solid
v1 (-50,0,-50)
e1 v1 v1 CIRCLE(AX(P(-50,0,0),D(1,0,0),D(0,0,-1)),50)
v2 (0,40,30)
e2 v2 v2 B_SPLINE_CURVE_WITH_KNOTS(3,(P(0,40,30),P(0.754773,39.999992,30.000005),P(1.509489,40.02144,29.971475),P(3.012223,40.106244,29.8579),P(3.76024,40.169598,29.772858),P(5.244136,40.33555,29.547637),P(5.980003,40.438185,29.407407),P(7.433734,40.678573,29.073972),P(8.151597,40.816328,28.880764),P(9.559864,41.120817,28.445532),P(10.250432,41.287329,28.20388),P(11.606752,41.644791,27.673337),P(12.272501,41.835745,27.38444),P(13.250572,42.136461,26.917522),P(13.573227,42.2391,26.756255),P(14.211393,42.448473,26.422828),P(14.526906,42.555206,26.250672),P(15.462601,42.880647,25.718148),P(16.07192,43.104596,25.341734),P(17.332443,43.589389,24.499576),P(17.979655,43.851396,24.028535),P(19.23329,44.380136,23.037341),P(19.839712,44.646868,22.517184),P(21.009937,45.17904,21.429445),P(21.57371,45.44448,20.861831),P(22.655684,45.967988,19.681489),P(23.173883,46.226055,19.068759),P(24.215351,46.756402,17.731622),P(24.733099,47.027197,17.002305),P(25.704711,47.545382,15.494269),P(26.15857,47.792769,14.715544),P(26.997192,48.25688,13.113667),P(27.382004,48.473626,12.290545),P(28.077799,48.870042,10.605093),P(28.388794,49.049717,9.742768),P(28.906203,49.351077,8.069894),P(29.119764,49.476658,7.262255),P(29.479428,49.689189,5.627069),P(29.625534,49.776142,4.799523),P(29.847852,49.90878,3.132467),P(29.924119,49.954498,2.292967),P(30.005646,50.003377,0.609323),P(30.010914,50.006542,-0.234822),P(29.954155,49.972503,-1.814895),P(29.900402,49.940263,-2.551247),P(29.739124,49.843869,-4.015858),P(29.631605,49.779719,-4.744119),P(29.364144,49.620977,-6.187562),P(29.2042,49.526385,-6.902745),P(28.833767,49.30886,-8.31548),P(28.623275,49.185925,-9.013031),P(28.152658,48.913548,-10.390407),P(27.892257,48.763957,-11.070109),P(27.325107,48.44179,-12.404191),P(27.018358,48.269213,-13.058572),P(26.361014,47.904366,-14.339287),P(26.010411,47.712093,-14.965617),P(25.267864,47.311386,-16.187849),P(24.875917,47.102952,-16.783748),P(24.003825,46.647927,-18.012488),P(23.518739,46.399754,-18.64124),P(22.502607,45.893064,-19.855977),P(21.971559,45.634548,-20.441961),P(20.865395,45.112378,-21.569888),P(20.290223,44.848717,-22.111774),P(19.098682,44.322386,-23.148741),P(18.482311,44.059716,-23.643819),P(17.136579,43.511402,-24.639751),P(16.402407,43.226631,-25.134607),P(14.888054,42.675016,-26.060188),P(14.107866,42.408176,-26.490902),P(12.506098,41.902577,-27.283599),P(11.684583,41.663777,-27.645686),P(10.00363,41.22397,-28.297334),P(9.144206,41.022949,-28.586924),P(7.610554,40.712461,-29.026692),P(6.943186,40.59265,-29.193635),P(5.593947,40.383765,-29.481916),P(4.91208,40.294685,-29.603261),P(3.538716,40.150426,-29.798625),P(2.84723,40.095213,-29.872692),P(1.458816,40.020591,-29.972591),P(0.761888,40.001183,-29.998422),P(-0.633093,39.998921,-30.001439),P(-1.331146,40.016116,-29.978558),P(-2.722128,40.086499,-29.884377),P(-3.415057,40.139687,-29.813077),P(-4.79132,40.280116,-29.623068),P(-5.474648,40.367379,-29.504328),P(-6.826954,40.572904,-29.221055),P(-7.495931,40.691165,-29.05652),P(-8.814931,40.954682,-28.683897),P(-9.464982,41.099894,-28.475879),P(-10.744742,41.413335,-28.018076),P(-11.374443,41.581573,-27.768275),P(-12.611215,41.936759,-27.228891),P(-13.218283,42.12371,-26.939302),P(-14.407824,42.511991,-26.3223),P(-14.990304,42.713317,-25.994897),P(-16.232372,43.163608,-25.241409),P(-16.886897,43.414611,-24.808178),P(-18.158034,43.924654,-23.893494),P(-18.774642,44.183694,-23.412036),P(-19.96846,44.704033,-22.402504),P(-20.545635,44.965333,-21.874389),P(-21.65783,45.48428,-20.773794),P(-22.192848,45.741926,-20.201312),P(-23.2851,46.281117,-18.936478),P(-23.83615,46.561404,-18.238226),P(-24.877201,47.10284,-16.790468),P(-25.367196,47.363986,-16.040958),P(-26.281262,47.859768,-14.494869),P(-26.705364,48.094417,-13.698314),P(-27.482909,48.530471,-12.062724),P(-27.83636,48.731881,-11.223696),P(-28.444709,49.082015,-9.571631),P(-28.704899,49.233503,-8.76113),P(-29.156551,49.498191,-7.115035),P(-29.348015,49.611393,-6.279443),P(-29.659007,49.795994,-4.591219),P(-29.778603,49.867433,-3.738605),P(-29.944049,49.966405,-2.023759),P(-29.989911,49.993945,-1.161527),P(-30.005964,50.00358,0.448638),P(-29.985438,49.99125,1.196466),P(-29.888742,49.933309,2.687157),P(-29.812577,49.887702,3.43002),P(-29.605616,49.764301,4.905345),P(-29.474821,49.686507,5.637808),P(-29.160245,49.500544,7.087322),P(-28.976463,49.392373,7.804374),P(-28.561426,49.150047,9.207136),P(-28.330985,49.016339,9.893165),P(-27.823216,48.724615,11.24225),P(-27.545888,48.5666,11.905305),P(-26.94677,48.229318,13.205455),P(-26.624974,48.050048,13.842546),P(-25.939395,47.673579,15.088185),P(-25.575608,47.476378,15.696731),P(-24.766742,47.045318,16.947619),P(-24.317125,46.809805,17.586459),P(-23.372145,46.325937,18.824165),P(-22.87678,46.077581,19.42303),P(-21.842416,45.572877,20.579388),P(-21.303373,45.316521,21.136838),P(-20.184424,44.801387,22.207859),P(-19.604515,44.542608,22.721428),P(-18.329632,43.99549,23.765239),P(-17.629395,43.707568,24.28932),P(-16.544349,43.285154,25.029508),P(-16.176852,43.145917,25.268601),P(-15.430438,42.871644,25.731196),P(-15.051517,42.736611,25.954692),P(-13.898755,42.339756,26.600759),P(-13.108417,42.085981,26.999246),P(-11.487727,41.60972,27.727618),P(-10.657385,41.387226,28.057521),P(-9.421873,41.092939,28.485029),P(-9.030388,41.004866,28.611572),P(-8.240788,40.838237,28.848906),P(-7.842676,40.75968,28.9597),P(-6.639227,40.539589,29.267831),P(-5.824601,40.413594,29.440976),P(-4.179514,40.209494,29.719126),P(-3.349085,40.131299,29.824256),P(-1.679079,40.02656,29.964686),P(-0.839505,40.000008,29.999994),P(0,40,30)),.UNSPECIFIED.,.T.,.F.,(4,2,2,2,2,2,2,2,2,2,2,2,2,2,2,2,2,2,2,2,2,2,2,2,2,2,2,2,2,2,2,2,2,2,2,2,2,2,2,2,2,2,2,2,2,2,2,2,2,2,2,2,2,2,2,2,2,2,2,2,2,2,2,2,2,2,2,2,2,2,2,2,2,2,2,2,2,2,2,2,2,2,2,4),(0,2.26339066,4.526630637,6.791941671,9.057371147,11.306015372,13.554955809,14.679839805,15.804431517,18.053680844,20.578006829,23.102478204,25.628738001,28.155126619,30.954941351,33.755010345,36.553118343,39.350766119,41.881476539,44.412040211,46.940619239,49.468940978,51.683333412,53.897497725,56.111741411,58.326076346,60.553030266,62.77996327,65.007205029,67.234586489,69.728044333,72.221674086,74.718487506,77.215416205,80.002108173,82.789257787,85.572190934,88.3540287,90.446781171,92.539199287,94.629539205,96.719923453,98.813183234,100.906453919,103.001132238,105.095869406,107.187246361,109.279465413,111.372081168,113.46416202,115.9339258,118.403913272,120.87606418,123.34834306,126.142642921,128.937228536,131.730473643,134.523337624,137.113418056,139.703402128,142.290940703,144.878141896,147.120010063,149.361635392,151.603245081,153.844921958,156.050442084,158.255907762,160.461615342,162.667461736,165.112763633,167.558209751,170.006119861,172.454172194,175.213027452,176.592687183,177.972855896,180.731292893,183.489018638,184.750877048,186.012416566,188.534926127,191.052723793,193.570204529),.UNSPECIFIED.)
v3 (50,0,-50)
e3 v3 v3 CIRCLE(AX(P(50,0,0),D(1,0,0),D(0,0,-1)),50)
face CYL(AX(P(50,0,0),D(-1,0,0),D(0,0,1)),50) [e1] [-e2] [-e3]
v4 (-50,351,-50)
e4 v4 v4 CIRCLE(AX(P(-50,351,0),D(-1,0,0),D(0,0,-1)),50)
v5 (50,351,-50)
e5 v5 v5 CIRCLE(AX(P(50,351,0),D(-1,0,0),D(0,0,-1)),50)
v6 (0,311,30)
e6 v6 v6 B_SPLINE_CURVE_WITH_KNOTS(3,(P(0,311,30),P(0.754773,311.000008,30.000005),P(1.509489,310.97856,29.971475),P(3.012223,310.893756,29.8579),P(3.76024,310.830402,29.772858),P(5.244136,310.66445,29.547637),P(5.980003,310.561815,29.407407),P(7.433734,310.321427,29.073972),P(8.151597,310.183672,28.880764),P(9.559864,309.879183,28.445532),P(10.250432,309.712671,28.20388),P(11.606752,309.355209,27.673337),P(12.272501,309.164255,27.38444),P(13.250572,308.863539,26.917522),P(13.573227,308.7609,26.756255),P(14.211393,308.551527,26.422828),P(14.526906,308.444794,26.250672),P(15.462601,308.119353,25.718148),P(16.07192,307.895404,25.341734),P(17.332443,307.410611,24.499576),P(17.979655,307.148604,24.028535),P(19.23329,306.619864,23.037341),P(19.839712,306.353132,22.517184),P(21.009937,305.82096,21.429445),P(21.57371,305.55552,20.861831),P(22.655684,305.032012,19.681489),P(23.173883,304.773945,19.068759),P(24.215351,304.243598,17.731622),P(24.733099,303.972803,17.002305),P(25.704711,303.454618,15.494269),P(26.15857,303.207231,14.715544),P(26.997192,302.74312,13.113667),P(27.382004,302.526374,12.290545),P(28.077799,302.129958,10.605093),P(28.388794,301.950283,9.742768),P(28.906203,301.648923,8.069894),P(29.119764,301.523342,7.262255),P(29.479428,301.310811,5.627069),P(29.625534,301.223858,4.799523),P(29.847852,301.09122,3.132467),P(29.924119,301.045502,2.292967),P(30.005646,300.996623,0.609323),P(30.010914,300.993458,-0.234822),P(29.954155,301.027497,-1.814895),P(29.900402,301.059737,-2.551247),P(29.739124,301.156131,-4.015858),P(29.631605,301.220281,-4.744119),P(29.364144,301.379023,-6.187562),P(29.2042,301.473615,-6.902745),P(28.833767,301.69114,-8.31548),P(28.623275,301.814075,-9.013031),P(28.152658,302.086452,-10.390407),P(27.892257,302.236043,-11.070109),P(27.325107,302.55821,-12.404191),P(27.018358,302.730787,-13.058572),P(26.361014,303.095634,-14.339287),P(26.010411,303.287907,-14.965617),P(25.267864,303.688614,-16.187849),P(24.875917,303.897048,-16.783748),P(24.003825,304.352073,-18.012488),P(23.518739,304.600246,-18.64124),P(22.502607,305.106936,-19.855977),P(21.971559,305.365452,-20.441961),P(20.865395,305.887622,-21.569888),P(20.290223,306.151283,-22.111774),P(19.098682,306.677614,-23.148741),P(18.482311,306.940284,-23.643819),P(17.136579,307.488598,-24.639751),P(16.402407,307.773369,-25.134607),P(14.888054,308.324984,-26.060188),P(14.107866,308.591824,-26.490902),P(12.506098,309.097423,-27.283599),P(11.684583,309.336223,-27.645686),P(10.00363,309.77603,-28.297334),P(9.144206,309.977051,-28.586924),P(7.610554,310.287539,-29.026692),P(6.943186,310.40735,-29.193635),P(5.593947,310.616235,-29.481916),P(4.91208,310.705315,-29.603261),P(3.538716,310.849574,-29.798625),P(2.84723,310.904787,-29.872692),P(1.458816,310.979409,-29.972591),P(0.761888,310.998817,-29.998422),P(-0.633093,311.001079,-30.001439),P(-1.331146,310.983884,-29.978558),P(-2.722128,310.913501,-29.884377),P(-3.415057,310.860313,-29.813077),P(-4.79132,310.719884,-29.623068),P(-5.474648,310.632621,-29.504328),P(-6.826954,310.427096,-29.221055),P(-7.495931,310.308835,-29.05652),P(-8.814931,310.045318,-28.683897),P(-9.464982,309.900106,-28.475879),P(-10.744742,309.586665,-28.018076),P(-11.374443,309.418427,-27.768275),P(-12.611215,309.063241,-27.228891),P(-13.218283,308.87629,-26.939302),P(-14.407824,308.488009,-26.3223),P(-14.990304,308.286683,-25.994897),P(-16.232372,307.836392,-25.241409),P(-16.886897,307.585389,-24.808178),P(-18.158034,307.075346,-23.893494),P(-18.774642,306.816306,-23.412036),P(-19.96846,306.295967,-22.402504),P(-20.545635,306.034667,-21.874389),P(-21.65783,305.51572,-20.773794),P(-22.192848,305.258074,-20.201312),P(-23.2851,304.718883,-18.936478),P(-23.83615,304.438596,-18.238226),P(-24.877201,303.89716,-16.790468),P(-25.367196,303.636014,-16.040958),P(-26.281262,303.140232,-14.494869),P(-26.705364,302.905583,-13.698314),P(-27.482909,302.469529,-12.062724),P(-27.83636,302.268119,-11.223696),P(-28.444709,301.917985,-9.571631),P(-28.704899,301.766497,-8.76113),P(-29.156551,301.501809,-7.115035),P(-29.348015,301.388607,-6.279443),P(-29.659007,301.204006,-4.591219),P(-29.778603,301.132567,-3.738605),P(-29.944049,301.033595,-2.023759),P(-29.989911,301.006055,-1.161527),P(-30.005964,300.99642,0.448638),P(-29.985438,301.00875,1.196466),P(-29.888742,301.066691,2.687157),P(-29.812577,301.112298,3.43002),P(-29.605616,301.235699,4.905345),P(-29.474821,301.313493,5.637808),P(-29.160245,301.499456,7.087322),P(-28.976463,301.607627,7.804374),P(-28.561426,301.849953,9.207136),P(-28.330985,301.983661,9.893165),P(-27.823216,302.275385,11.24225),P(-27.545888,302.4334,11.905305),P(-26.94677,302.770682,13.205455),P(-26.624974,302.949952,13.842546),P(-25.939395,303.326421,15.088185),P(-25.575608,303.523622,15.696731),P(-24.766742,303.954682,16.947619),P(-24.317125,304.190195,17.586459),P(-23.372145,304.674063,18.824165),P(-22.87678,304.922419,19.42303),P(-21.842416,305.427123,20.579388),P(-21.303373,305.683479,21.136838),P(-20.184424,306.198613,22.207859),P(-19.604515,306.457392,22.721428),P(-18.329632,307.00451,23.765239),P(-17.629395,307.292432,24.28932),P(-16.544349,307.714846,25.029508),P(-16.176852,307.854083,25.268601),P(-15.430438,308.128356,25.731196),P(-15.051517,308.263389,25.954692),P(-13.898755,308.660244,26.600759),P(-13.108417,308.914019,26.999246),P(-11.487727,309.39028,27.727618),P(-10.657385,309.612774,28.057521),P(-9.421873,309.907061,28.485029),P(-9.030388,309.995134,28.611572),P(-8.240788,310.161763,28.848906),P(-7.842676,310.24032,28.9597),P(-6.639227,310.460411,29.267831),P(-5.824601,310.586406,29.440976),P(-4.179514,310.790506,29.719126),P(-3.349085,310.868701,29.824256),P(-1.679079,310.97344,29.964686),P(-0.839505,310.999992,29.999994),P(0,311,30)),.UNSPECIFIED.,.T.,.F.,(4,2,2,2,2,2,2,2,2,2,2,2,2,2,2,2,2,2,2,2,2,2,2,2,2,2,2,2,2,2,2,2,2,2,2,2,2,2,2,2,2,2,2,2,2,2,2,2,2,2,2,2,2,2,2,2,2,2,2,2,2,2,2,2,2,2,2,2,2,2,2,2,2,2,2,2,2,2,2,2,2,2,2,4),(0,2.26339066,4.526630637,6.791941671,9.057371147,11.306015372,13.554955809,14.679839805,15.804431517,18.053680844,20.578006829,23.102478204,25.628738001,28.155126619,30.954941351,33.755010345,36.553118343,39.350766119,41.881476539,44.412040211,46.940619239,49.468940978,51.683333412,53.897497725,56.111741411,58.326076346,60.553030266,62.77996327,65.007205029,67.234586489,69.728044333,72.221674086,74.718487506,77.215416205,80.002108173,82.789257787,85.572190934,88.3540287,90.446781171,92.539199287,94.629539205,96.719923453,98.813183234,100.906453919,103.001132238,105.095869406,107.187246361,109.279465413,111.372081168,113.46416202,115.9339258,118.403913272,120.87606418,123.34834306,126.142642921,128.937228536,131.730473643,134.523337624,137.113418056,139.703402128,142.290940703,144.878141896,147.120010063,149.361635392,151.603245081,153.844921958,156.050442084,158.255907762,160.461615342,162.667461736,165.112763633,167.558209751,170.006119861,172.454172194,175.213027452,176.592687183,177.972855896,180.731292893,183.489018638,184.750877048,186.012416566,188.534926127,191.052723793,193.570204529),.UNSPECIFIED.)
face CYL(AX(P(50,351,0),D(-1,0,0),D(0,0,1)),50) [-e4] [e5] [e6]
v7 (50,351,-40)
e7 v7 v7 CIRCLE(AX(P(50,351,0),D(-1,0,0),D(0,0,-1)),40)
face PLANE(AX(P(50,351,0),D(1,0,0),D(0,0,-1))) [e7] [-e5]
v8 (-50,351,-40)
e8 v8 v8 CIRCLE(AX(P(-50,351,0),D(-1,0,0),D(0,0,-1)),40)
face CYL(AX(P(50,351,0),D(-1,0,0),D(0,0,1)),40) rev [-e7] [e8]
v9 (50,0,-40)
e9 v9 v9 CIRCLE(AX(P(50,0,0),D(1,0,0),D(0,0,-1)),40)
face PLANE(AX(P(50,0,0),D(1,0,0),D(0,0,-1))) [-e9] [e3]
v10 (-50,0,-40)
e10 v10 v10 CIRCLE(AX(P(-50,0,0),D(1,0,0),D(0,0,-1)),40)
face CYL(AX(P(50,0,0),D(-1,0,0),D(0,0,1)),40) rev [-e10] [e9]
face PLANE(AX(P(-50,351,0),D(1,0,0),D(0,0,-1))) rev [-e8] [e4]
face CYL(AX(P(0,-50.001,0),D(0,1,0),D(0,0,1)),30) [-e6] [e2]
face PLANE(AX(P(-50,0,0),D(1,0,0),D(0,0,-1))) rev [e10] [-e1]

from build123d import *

# Parameters (mm, degrees)
SKETCH_1_R           = 50
SKETCH_1_R_2         = 40
EXTRUDE_1_DEPTH      = 50
EXTRUDE_2_REACH      = 238.327
EXTRUDE_2_END_RADIUS = 50
SKETCH_2_R           = 30


with BuildPart() as part:
    # 草图1 → 凸台-拉伸1 (new, symmetric)
    with BuildSketch(Plane(origin=(0, 0, 0), x_dir=(0, 0, -1), z_dir=(1, 0, 0))):
        Circle(SKETCH_1_R)
        Circle(SKETCH_1_R_2, mode=Mode.SUBTRACT)
    extrude_1 = extrude(amount=EXTRUDE_1_DEPTH, both=True)

    # 凸台-拉伸2: up to this cylinder (the profile starts outside it)
    extrude_2_end = Plane(origin=(0, 0, 0), z_dir=(-1, 0, 0)) * Cylinder(EXTRUDE_2_END_RADIUS, 577.654, mode=Mode.PRIVATE)
    # 草图2 → 凸台-拉伸2 (add, up to the surface)
    with BuildSketch(Plane(origin=(0, 175.5, 0), x_dir=(1, 0, 0), z_dir=(0, 1, 0)), mode=Mode.PRIVATE) as extrude_2_sk1:
        with Locations(Location((0, 0, 0), (0, 0, 270))):
            Circle(SKETCH_2_R)
    extrude_2_tool1 = extrude(extrude_2_sk1.sketch, amount=-EXTRUDE_2_REACH, mode=Mode.PRIVATE) - extrude_2_end
    extrude_2 = extrude_2_tool1.solids().sort_by_distance((0, 175.5, 0))[0]
    add(extrude_2)

    # 镜向2: 凸台-拉伸1, 凸台-拉伸2 across plane
    add(extrude_1.mirror(Plane.ZX.offset(175.5)))
    add(extrude_2.mirror(Plane.ZX.offset(175.5)))


solid = part.part
